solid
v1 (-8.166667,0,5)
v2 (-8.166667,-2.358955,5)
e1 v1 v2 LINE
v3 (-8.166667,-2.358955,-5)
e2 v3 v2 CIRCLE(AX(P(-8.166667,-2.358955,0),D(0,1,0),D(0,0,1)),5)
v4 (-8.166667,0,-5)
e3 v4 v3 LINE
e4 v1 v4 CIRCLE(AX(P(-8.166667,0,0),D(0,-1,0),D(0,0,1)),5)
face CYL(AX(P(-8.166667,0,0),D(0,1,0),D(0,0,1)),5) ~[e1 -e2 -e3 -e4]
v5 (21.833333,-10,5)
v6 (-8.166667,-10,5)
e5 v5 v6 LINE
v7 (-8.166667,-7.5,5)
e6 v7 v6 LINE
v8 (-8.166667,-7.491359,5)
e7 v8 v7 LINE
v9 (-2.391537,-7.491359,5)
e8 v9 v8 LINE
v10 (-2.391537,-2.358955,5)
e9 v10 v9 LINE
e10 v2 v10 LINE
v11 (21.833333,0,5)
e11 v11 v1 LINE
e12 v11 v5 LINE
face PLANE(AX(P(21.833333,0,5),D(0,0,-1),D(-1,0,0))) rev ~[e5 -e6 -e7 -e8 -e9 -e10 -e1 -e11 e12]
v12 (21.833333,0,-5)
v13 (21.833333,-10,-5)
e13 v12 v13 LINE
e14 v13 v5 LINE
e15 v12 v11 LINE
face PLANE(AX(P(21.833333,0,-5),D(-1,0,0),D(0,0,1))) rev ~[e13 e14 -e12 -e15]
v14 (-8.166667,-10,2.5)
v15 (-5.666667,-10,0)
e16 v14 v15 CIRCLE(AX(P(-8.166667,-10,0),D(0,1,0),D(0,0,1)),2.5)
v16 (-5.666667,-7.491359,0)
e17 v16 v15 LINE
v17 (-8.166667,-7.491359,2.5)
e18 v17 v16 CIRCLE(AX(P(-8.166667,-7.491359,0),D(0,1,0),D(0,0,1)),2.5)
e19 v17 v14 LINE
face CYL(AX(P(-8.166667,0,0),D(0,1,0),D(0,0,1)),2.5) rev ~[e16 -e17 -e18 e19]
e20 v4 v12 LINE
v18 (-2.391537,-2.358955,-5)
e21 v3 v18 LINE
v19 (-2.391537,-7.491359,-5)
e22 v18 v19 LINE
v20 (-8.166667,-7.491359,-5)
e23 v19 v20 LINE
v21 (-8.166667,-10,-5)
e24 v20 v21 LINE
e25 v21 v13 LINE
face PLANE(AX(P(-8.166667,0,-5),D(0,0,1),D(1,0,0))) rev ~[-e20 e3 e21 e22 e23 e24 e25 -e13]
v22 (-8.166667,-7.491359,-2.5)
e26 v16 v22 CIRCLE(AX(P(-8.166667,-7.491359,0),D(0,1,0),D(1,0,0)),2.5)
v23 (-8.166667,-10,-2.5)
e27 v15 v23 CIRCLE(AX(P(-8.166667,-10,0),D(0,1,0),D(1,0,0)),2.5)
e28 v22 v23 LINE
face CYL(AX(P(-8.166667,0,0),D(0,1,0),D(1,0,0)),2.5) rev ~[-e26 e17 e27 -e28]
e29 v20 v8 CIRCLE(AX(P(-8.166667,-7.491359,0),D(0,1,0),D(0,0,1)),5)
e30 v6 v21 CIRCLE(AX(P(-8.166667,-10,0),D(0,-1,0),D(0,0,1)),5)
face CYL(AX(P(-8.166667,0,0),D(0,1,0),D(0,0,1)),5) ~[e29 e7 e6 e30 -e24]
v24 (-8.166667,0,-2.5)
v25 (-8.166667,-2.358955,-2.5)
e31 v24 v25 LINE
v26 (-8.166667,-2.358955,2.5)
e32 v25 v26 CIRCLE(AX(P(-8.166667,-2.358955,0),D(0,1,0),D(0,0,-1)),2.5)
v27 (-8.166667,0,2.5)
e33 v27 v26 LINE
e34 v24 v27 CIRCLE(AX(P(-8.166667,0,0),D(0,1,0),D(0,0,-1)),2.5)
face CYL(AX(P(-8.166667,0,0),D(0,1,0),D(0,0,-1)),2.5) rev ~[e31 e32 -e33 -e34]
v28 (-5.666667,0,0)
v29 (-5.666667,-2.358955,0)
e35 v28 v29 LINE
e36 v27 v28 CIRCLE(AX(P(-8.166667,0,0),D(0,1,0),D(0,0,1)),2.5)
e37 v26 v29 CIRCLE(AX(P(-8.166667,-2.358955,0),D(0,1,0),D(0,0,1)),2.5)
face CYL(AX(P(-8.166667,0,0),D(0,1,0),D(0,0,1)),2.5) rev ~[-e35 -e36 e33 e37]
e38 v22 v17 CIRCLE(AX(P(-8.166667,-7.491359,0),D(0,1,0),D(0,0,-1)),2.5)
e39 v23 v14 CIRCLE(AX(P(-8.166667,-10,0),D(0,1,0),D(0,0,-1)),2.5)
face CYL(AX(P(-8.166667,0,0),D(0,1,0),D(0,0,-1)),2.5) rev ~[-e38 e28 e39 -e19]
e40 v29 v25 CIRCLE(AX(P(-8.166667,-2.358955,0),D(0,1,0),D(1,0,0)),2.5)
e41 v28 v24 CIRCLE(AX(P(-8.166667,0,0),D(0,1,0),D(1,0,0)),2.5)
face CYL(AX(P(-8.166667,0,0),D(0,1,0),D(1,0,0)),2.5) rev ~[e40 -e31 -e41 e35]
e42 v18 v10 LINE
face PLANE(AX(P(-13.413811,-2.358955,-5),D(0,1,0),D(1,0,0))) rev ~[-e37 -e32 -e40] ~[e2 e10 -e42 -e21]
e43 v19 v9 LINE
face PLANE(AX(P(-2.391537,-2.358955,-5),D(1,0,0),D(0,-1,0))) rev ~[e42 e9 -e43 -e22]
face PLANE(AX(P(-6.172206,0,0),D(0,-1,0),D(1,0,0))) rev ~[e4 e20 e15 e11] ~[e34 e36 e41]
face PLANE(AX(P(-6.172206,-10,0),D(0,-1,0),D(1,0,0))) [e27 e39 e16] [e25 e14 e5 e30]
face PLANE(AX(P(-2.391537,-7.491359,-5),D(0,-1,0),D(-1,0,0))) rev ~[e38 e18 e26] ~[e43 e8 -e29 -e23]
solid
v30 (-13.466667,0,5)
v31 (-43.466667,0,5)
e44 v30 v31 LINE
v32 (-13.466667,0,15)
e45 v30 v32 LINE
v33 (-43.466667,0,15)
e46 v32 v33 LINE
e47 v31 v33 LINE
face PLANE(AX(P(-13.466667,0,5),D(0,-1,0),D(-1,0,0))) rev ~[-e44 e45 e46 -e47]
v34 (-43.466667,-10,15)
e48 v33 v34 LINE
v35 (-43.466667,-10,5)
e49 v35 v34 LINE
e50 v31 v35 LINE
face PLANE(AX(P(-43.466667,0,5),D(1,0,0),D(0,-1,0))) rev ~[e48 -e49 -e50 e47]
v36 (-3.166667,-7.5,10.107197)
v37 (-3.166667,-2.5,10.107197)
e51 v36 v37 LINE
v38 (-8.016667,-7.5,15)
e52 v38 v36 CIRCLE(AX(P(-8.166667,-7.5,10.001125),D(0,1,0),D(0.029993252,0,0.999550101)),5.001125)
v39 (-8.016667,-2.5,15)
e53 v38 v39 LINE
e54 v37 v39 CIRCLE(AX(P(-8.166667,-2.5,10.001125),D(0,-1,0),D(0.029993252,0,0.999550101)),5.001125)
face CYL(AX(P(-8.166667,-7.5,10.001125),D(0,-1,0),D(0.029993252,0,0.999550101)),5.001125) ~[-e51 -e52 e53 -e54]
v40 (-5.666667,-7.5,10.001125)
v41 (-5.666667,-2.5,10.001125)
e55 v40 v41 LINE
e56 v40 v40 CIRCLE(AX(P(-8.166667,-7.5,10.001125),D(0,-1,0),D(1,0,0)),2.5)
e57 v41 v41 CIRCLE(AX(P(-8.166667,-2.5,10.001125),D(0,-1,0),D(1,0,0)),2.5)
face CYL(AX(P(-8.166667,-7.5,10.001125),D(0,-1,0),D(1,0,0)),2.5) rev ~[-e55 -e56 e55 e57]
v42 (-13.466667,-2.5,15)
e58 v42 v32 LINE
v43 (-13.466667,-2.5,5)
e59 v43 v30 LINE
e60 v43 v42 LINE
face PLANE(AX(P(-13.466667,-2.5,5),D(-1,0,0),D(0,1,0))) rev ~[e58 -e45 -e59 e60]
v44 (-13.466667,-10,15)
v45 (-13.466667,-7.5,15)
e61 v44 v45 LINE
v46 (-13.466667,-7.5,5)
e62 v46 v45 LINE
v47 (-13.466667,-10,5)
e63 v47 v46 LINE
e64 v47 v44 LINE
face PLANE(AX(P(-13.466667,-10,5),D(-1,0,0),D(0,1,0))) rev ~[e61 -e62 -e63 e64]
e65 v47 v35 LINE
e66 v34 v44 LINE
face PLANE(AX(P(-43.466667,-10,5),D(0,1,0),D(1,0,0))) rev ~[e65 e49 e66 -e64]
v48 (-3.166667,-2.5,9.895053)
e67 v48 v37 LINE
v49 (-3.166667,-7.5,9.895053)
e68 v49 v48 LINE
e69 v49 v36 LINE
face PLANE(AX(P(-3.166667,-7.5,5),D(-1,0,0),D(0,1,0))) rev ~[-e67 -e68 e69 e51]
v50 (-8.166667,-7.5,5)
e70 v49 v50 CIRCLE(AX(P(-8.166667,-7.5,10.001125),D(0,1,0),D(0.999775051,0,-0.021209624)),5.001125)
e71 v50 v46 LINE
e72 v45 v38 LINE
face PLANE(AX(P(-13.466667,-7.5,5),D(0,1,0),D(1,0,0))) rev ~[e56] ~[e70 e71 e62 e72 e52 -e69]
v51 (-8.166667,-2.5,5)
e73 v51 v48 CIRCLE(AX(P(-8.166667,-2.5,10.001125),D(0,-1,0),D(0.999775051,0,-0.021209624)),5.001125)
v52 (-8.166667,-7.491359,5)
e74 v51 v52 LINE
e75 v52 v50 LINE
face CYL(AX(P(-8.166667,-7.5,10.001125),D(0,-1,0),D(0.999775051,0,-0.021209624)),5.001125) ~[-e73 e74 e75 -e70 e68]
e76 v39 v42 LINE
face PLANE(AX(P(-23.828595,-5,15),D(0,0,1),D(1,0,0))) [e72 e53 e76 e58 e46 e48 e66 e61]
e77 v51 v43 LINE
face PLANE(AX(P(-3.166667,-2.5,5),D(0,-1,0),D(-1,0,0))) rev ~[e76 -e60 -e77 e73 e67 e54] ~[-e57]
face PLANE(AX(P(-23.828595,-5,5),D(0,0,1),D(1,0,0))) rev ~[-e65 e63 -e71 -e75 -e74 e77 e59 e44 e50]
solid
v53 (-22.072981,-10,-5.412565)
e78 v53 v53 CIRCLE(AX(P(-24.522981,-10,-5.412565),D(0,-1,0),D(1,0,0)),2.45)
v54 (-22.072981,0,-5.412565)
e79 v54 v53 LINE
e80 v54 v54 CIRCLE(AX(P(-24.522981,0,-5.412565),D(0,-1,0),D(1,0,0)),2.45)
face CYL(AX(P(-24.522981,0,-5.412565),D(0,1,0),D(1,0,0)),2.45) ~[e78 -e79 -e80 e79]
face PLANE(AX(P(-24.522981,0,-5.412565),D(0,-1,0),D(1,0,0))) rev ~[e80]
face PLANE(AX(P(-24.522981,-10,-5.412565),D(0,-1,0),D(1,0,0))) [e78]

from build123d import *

# Parameters (mm, degrees)
F1_DEPTH  = 10
F3_DEPTH  = 10
F5_DEPTH  = 10
F4_R      = 2.5
F6_DEPTH  = 25
F7_R      = 2.45
F8_DEPTH  = 10
F10_DEPTH = 10


with BuildPart() as f1:
    # F0 (on Front) → F1 (new body)
    with BuildSketch(Plane.XZ):
        with BuildLine():
            ThreePointArc((-8.1666665228, -5), (-3.1666665228, 0), (-8.1666665228, 5))
            Line((-8.1666665228, 5), (-8.1666665228, 2.5))
            ThreePointArc((-8.1666665228, 2.5), (-6.3988995699, 1.767766953), (-5.6666665228, 0))
            ThreePointArc((-5.6666665228, 0), (-6.3988995699, -1.767766953), (-8.1666665228, -2.5))
            Line((-8.1666665228, -2.5), (-8.1666665228, -5))
        make_face()
        with BuildLine():
            Line((21.8333334772, 5), (-8.1666665228, 5))
            ThreePointArc((-8.1666665228, 5), (-3.1666665228, 0), (-8.1666665228, -5))
            Line((-8.1666665228, -5), (21.8333334772, -5))
            Line((21.8333334772, -5), (21.8333334772, 5))
        make_face()
        with BuildLine():
            Line((-8.1666665228, 2.5), (-8.1666665228, 5))
            ThreePointArc((-8.1666665228, 5), (-13.1666665228, 0), (-8.1666665228, -5))
            Line((-8.1666665228, -5), (-8.1666665228, -2.5))
            ThreePointArc((-8.1666665228, -2.5), (-10.6666665228, 0), (-8.1666665228, 2.5))
        make_face()
    extrude(amount=F1_DEPTH)

    # F2 (on face) → F3 (join)
    with BuildSketch(Plane.XY.offset(5)):
        Polygon((-13.4666665228, -2.5), (-13.4666665228, 0), (-43.4666665228, 0), (-43.4666665228, -10), (-13.4666665228, -10), (-13.4666665228, -7.5), (-3.1666665228, -7.5), (-3.1666665228, -2.5), align=None)
    extrude(amount=F3_DEPTH)

    # F4 (on face) → F5 (cut)
    with BuildSketch(Plane.XZ.offset(7.5)):
        with BuildLine():
            ThreePointArc((-3.1666665228, 9.8950530168), (-4.6680402197, 6.4274902598), (-8.1666665228, 5))
            Line((-8.1666665228, 5), (-3.1666665228, 5))
            Line((-3.1666665228, 5), (-3.1666665228, 9.8950530168))
        make_face()
        with BuildLine():
            ThreePointArc((-8.0166665228, 15), (-4.6148352571, 13.5218842825), (-3.1666665228, 10.1071969832))
            Line((-3.1666665228, 10.1071969832), (-3.1666665228, 15))
            Line((-3.1666665228, 15), (-8.0166665228, 15))
        make_face()
    extrude(amount=-F5_DEPTH, mode=Mode.SUBTRACT)

    # F4 (on face) → F6 (cut)
    with BuildSketch(Plane.XZ.offset(7.5)):
        with Locations((-8.1666665228, 10.001125)):
            Circle(F4_R)
    extrude(amount=-F6_DEPTH, mode=Mode.SUBTRACT)

    # F9 (on face) → F10 (cut)
    with BuildSketch(Plane(origin=(0, 0, -5), x_dir=(1, 0, 0), z_dir=(0, 0, -1))):
        Polygon((-13.4138111025, 10.8968433209), (-2.3915369313, 10.8968433209), (-2.3915369313, 14.1670521219), (-16.214871059, 14.1670521219), (-16.214871059, -4.0230309721), (-2.3915369313, -4.0230309721), (-2.3915369313, -2.4774149803), (-13.4138111025, -2.4774149803), (-13.4138111025, 2.3589546254), (-2.3915369313, 2.3589546254), (-2.3915369313, 7.4913585559), (-13.4138111025, 7.4913585559), align=None)
    extrude(amount=-F10_DEPTH, mode=Mode.SUBTRACT)


with BuildPart() as f8:
    # F7 (on Front) → F8 (new body)
    with BuildSketch(Plane.XZ):
        with Locations((-24.5229806751, -5.4125646129)):
            Circle(F7_R)
    extrude(amount=F8_DEPTH)


solid = Compound([f1.part, f8.part])
